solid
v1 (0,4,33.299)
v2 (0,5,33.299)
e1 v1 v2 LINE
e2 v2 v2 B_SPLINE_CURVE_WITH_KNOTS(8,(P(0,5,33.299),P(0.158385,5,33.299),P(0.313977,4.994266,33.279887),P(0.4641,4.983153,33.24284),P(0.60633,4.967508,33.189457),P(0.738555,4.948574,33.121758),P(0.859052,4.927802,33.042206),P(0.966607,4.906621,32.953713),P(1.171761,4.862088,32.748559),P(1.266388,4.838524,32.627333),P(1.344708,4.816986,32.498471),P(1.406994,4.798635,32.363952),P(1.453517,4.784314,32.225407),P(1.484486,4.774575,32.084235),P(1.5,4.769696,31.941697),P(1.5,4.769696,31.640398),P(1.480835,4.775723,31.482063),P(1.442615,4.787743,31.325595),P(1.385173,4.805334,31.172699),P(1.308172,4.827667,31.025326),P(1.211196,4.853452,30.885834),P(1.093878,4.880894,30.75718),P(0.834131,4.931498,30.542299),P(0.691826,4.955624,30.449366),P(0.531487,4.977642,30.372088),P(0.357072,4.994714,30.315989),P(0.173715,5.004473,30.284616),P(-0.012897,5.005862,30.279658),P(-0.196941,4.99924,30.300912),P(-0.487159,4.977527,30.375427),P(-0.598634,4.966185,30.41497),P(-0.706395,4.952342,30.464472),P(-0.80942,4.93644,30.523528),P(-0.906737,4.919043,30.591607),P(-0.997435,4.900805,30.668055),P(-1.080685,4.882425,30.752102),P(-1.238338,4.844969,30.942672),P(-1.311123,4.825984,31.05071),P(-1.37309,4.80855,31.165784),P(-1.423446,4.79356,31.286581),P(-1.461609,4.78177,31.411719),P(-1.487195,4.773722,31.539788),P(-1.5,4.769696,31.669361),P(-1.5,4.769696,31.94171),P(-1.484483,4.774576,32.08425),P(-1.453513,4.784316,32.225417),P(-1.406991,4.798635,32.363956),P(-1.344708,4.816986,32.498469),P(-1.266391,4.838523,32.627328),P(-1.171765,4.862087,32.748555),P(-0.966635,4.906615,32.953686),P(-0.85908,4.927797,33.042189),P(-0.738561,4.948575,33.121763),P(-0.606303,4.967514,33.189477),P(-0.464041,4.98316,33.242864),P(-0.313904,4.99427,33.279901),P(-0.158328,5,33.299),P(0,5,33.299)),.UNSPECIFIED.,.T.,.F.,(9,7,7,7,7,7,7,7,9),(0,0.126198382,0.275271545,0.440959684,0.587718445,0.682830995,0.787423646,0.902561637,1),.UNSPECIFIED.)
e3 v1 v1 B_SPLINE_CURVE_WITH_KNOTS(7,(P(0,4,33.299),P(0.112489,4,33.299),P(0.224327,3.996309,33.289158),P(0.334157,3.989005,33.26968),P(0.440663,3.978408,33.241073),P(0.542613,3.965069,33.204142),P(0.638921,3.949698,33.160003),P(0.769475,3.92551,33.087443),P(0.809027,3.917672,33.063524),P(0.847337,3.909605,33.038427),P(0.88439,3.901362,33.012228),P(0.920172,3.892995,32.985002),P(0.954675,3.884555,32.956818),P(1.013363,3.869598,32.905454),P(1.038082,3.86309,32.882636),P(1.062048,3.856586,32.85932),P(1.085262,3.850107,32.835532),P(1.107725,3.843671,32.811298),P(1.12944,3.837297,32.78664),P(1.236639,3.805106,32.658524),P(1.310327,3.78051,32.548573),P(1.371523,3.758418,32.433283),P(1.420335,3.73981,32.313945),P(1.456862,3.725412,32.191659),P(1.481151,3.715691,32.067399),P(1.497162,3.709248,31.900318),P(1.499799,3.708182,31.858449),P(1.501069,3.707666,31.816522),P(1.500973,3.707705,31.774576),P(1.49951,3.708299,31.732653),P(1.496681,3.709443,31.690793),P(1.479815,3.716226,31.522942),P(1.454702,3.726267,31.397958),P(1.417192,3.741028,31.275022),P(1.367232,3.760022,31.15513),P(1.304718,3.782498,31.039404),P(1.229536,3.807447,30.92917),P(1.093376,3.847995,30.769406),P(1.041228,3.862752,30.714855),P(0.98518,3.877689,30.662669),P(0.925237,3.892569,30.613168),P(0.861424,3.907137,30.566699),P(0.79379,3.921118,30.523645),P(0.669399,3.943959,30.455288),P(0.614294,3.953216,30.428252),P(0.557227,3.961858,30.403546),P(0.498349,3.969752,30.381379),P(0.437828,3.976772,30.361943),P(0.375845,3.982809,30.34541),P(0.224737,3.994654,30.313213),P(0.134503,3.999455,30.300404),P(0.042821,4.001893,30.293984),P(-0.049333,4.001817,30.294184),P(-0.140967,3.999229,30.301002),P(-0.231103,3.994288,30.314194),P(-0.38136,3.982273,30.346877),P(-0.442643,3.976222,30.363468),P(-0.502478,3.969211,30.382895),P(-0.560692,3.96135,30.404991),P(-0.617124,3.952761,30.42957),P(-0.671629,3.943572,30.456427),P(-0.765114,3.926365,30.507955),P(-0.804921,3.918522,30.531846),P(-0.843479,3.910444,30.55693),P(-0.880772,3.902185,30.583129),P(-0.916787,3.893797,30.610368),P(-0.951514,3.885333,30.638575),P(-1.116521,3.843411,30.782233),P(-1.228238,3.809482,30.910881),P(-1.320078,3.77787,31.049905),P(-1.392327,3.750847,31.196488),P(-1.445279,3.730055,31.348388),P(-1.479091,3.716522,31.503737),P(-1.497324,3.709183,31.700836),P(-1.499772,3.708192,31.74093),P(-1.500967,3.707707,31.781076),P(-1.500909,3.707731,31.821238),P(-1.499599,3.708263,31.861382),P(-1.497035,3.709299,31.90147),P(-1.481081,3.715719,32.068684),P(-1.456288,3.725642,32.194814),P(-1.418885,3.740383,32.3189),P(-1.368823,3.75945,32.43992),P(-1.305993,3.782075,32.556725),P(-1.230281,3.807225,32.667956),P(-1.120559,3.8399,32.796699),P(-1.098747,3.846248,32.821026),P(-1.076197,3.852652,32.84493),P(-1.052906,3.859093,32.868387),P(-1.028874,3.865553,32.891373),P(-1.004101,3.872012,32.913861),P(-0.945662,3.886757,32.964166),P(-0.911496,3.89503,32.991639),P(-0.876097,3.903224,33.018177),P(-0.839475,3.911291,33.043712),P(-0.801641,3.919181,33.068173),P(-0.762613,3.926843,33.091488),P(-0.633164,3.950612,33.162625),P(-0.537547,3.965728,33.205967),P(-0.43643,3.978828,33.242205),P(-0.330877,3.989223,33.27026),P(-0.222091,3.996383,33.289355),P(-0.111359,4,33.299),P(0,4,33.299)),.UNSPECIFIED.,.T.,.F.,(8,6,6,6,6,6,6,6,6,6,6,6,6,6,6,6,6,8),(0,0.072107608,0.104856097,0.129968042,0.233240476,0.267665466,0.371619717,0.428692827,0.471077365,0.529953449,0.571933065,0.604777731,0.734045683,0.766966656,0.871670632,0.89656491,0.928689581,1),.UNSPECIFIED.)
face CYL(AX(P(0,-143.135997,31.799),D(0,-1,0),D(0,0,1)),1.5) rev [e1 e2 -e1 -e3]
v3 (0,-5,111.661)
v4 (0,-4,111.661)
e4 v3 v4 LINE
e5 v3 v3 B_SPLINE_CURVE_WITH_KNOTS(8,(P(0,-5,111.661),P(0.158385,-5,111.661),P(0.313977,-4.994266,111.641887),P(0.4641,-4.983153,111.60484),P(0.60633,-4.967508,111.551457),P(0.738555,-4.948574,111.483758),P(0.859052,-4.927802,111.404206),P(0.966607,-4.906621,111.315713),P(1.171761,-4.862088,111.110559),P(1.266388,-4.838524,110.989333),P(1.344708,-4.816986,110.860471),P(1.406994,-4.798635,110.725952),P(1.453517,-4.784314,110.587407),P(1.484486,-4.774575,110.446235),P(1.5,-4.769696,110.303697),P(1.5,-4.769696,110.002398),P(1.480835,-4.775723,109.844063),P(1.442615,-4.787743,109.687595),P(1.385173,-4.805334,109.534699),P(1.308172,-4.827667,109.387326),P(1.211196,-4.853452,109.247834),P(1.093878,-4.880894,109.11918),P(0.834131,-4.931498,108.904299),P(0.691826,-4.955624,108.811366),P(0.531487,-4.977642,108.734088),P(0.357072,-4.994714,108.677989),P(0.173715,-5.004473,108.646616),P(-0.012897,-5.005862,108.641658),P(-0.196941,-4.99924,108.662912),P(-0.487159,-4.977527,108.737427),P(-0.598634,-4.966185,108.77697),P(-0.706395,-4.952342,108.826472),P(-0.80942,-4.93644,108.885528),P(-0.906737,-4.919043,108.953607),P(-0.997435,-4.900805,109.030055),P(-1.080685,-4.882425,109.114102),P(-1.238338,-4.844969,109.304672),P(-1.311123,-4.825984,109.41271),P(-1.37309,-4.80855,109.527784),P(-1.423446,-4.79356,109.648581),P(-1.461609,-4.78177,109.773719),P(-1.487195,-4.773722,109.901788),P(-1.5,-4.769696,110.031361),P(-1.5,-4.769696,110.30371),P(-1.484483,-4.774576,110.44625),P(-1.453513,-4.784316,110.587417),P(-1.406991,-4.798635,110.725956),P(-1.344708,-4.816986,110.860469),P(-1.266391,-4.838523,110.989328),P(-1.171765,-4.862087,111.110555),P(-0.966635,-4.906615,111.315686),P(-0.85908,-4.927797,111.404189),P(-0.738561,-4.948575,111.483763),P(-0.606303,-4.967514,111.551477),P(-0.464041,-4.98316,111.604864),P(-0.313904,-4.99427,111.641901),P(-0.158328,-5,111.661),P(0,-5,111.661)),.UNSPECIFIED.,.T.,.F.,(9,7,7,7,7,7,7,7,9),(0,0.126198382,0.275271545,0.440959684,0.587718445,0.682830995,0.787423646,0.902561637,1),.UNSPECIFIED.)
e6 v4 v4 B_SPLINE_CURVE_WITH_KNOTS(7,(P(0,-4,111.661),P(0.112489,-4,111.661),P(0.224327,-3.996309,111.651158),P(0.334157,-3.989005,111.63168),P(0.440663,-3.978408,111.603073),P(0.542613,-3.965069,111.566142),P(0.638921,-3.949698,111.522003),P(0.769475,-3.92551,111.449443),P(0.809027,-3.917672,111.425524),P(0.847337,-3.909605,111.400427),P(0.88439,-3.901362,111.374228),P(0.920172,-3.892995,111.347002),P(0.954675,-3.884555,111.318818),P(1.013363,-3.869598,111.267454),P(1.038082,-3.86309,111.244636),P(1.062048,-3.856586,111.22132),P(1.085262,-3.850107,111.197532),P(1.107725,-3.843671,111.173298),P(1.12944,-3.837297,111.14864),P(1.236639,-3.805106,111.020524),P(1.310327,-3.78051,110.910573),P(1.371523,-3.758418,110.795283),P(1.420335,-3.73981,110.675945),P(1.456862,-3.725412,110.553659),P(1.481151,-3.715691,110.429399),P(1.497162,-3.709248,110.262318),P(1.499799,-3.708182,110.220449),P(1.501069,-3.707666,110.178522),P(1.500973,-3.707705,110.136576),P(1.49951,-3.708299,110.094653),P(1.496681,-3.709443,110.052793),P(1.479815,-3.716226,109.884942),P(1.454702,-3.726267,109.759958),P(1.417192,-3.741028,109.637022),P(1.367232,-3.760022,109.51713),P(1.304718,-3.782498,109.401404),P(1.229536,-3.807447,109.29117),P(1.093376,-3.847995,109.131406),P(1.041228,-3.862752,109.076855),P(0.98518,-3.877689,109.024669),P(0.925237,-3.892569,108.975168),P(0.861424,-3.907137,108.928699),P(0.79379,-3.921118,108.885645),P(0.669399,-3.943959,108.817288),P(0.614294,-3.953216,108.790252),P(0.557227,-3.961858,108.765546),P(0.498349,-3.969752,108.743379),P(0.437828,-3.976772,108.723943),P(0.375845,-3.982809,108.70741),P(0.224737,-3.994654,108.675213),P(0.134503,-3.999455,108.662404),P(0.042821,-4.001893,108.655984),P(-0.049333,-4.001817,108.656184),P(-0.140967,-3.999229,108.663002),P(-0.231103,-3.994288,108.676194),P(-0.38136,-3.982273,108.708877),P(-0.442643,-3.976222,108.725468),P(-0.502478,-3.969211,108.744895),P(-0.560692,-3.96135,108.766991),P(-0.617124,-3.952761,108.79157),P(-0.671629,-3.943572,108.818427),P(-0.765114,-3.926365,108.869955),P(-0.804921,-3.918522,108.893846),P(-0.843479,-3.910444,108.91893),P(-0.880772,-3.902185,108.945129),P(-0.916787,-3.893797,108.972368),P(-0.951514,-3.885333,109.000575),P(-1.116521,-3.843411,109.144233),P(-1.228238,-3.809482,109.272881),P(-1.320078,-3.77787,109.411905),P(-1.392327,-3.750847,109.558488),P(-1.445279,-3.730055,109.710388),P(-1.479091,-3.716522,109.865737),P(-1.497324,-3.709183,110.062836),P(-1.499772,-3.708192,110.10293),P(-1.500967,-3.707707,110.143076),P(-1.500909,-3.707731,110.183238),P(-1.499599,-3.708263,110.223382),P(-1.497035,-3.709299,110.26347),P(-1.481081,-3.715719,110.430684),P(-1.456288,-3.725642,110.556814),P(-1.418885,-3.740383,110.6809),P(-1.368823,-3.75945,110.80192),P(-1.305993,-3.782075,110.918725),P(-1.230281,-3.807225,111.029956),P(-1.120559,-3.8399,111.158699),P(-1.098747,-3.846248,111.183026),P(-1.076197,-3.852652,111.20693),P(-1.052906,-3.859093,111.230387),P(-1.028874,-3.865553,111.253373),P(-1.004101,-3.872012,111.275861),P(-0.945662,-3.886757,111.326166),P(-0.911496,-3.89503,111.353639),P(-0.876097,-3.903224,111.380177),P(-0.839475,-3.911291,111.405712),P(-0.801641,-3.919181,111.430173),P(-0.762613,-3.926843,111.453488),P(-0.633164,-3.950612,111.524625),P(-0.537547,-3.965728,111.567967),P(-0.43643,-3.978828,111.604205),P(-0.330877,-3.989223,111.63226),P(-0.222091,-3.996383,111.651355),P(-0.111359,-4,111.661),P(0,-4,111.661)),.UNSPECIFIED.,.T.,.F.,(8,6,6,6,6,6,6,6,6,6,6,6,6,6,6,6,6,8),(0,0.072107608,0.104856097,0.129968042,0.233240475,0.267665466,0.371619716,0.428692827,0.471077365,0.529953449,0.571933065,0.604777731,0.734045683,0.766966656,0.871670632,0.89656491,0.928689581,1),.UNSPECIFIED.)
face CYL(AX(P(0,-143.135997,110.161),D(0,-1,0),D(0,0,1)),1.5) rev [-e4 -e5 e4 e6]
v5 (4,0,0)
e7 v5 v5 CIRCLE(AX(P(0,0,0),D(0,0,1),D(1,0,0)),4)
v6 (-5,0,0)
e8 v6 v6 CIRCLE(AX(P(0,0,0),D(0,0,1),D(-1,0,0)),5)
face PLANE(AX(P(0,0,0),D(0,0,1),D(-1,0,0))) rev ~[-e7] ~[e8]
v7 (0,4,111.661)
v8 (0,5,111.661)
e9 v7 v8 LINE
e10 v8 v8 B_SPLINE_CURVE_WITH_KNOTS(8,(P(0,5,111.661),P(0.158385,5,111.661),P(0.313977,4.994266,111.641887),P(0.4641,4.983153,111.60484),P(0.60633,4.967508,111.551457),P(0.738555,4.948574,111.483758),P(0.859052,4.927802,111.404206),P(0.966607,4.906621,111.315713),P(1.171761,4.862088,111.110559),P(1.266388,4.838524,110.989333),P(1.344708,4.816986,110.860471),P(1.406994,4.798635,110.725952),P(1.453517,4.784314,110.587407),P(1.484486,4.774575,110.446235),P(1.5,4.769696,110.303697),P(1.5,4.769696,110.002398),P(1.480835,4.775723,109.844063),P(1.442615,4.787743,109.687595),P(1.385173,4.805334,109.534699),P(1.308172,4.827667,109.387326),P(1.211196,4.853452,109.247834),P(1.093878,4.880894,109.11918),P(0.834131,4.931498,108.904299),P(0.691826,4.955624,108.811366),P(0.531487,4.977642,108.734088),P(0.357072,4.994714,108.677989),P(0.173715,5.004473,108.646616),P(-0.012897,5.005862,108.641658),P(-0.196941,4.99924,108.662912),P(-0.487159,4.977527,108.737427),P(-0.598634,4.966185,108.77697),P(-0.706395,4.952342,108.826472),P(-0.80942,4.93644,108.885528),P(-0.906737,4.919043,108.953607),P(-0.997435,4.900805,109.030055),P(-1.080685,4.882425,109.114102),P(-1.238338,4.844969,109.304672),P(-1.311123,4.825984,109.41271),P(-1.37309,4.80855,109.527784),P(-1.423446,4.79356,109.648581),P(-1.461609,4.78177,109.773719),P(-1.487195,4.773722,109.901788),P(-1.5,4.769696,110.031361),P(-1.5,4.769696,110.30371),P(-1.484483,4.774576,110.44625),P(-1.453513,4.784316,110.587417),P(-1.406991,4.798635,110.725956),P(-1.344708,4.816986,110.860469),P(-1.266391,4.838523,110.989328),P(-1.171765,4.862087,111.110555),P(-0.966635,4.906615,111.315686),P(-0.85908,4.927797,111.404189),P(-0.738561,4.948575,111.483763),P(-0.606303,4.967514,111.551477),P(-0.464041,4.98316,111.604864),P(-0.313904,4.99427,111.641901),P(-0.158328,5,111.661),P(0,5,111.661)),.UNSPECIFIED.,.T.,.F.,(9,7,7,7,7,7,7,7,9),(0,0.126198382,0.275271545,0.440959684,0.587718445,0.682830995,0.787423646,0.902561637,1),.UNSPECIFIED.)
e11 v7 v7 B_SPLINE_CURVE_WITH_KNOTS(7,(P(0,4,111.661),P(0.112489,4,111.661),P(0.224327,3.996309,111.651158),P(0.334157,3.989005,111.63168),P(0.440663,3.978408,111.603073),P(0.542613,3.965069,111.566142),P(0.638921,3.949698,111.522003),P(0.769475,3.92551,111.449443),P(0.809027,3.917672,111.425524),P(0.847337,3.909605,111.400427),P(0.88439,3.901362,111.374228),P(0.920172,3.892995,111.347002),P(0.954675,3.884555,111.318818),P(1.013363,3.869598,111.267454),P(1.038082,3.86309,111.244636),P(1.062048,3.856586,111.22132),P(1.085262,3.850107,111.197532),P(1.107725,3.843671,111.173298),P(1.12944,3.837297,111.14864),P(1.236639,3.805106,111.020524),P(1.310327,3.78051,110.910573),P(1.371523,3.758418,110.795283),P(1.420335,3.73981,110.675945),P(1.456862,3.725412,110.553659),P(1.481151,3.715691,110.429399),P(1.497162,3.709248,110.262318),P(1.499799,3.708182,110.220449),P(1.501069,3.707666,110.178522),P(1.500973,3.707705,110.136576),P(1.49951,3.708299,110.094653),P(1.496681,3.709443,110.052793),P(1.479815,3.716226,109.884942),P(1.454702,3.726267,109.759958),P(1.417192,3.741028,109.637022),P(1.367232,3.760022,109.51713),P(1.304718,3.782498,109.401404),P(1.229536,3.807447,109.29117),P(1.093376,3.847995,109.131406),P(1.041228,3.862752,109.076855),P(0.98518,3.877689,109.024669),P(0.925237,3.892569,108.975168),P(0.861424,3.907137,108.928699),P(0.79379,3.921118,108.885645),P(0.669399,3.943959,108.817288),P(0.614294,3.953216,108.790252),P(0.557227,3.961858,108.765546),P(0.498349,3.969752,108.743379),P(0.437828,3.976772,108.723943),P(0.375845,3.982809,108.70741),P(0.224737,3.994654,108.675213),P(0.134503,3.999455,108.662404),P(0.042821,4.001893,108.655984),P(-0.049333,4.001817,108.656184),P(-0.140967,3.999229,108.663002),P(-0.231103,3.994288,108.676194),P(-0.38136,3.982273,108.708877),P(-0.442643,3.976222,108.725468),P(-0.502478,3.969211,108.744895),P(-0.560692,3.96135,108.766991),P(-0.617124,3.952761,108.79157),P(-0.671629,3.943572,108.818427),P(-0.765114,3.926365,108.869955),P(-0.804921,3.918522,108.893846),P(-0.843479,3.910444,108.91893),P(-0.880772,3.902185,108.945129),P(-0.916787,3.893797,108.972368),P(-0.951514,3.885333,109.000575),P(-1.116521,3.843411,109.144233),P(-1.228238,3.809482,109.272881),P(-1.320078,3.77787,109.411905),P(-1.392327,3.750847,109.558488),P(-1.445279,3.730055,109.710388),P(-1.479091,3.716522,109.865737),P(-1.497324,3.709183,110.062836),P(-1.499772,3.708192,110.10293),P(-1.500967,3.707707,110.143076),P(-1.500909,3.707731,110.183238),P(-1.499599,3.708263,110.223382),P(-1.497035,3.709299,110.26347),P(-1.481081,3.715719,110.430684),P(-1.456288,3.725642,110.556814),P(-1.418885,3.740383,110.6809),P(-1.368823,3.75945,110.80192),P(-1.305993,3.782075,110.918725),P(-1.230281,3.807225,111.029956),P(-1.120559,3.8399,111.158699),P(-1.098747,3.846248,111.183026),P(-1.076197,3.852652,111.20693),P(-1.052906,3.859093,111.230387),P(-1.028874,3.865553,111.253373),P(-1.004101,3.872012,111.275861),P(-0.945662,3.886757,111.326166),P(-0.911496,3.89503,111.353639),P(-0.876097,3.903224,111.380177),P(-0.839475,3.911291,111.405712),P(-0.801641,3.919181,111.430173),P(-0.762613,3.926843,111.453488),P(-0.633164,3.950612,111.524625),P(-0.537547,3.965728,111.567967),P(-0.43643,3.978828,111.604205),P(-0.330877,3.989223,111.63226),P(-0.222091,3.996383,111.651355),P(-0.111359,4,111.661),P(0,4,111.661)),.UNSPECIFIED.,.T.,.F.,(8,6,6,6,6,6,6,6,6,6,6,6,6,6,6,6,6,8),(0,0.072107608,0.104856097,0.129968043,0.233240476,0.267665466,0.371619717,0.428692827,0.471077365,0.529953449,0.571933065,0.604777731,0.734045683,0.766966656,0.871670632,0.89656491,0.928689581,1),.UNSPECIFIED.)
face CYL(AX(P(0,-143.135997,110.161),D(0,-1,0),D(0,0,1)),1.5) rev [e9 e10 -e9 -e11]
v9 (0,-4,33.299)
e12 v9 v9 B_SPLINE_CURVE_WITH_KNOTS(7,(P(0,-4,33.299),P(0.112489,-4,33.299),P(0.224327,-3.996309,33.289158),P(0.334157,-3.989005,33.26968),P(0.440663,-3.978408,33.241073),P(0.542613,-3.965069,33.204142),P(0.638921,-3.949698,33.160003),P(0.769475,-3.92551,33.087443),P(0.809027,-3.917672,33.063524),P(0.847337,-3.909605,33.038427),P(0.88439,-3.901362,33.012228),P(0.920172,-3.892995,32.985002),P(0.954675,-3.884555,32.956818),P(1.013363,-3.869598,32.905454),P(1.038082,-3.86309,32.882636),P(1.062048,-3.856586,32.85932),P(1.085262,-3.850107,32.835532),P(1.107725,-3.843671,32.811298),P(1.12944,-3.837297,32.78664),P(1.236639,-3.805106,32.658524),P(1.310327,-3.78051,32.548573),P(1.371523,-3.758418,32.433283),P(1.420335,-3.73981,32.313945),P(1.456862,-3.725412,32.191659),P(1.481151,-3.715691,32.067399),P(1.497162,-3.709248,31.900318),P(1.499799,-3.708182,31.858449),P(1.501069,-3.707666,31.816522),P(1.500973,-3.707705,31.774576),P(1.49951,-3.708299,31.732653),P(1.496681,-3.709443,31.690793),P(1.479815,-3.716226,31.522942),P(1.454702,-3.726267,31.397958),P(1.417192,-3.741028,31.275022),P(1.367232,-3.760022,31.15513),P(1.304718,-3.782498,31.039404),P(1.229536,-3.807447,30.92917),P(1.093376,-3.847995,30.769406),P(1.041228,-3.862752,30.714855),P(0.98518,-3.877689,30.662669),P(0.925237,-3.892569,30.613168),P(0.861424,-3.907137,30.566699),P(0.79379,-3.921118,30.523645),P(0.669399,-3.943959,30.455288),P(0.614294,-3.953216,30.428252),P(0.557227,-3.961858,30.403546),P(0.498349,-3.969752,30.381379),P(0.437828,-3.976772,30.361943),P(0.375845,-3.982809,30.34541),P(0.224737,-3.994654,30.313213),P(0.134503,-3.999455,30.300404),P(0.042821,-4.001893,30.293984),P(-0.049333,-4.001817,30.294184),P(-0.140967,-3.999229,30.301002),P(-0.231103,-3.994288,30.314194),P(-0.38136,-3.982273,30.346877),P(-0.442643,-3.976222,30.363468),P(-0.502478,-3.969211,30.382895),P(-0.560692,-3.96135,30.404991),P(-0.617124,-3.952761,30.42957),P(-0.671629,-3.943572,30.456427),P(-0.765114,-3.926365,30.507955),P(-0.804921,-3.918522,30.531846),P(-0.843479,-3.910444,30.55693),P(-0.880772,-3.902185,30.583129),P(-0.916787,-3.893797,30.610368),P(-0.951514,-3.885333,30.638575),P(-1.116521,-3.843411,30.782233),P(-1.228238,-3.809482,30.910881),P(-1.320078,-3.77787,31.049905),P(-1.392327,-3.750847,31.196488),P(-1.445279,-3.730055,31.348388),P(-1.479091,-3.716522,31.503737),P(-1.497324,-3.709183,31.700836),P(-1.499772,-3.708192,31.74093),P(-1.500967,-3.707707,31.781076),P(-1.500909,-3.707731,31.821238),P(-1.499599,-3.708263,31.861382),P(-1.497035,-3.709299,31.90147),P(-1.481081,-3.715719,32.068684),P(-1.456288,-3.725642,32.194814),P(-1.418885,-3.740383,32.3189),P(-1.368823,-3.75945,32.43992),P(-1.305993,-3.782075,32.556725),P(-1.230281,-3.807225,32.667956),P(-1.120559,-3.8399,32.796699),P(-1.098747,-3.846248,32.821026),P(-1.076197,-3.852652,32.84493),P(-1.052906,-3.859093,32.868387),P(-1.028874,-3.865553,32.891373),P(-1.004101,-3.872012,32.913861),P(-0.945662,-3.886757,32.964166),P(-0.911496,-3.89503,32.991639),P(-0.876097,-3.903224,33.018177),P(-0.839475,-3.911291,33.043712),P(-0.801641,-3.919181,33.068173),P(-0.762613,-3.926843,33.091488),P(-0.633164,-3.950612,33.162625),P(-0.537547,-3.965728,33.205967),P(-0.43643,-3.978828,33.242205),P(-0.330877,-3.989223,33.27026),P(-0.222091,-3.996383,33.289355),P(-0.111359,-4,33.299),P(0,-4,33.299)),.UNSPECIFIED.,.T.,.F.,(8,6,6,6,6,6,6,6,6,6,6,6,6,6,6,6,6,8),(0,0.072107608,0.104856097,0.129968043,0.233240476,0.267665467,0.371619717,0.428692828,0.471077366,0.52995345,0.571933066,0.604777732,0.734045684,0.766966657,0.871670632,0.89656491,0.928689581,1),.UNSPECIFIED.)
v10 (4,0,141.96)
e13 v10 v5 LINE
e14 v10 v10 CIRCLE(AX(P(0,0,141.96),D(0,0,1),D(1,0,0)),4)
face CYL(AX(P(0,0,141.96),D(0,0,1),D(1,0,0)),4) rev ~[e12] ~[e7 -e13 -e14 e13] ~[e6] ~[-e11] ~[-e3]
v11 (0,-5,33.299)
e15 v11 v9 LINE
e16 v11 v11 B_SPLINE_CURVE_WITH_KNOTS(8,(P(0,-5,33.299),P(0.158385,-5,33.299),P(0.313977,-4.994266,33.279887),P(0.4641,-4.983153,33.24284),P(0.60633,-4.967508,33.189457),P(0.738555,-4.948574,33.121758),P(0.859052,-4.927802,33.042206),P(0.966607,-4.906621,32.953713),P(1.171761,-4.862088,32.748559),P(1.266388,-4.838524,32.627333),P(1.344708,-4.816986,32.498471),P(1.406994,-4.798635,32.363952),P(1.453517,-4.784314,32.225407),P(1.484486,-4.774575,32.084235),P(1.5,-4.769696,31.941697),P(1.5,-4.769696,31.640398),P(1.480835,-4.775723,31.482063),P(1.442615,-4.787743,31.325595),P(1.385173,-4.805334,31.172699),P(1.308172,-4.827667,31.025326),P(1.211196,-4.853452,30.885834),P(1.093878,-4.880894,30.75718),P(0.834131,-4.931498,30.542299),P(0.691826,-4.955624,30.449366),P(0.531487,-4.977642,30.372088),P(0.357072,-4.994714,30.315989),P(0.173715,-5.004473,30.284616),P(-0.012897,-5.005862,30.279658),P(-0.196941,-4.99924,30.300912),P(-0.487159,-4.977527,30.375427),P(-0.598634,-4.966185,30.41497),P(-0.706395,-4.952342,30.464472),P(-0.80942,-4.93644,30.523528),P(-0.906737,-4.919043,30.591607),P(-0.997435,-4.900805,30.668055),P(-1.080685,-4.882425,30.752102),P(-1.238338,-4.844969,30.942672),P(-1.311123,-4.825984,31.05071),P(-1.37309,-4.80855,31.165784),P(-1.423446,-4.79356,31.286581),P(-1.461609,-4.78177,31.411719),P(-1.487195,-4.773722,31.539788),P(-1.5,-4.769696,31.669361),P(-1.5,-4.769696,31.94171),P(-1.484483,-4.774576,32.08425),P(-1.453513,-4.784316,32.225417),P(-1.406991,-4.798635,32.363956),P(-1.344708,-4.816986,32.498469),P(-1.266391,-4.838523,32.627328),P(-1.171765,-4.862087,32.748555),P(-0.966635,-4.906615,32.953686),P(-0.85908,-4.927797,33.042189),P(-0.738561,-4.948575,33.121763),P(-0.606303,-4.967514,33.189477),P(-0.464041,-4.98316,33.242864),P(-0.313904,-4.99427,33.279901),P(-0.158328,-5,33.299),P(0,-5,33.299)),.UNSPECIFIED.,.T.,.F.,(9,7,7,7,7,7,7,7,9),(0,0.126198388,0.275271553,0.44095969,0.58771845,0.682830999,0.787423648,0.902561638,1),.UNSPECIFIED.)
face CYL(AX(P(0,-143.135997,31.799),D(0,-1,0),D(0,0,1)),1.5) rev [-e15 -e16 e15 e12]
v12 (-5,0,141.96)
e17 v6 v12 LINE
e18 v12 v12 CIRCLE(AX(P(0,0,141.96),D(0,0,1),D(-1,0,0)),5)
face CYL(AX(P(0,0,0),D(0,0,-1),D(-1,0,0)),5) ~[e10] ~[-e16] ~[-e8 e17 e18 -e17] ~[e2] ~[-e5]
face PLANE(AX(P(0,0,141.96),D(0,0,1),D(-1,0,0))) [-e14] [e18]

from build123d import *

# Parameters (mm, degrees)
SKETCH1_R               = 5
BOSS_EXTRUDE1_DEPTH     = 141.96
CUT_EXTRUDE1_REACH      = 144.136
SKETCH2_R               = 4
CUT_EXTRUDE2_DEPTH      = 143.135996848
CUT_EXTRUDE2_DEPTH_BACK = 143.135996848
SKETCH5_R               = 1.5


with BuildPart() as part:
    # Sketch1 → Boss-Extrude1 (new body)
    with BuildSketch(Plane.XY):
        with Locations(Location((0, 0, 0), (0, 0, 180))):
            Circle(SKETCH1_R)
    extrude(amount=BOSS_EXTRUDE1_DEPTH)

    # Sketch2 → Cut-Extrude1 (cut, up to next)
    with BuildSketch(Plane.XY.offset(141.96), mode=Mode.PRIVATE) as cut_extrude1_sk1:
        Circle(SKETCH2_R)
    cut_extrude1_tool1 = extrude(cut_extrude1_sk1.sketch, amount=-CUT_EXTRUDE1_REACH, mode=Mode.PRIVATE) & part.part
    add(cut_extrude1_tool1.solids().sort_by_distance((0, 0, 141.96))[0], mode=Mode.SUBTRACT)

    # Sketch5 → Cut-Extrude2 (cut, two sides: drawn at the far end of the back side and taken through both)
    with BuildSketch(Plane(origin=(0, 0, 0), x_dir=(1, 0, 0), z_dir=(0, 1, 0)).offset(-CUT_EXTRUDE2_DEPTH_BACK)):
        with Locations(Location((0, -31.799, 0), (0, 0, 270))):
            Circle(SKETCH5_R)
        with Locations(Location((0, -110.161, 0), (0, 0, 270))):
            Circle(SKETCH5_R)
    extrude(amount=CUT_EXTRUDE2_DEPTH + CUT_EXTRUDE2_DEPTH_BACK, mode=Mode.SUBTRACT)


solid = part.part
